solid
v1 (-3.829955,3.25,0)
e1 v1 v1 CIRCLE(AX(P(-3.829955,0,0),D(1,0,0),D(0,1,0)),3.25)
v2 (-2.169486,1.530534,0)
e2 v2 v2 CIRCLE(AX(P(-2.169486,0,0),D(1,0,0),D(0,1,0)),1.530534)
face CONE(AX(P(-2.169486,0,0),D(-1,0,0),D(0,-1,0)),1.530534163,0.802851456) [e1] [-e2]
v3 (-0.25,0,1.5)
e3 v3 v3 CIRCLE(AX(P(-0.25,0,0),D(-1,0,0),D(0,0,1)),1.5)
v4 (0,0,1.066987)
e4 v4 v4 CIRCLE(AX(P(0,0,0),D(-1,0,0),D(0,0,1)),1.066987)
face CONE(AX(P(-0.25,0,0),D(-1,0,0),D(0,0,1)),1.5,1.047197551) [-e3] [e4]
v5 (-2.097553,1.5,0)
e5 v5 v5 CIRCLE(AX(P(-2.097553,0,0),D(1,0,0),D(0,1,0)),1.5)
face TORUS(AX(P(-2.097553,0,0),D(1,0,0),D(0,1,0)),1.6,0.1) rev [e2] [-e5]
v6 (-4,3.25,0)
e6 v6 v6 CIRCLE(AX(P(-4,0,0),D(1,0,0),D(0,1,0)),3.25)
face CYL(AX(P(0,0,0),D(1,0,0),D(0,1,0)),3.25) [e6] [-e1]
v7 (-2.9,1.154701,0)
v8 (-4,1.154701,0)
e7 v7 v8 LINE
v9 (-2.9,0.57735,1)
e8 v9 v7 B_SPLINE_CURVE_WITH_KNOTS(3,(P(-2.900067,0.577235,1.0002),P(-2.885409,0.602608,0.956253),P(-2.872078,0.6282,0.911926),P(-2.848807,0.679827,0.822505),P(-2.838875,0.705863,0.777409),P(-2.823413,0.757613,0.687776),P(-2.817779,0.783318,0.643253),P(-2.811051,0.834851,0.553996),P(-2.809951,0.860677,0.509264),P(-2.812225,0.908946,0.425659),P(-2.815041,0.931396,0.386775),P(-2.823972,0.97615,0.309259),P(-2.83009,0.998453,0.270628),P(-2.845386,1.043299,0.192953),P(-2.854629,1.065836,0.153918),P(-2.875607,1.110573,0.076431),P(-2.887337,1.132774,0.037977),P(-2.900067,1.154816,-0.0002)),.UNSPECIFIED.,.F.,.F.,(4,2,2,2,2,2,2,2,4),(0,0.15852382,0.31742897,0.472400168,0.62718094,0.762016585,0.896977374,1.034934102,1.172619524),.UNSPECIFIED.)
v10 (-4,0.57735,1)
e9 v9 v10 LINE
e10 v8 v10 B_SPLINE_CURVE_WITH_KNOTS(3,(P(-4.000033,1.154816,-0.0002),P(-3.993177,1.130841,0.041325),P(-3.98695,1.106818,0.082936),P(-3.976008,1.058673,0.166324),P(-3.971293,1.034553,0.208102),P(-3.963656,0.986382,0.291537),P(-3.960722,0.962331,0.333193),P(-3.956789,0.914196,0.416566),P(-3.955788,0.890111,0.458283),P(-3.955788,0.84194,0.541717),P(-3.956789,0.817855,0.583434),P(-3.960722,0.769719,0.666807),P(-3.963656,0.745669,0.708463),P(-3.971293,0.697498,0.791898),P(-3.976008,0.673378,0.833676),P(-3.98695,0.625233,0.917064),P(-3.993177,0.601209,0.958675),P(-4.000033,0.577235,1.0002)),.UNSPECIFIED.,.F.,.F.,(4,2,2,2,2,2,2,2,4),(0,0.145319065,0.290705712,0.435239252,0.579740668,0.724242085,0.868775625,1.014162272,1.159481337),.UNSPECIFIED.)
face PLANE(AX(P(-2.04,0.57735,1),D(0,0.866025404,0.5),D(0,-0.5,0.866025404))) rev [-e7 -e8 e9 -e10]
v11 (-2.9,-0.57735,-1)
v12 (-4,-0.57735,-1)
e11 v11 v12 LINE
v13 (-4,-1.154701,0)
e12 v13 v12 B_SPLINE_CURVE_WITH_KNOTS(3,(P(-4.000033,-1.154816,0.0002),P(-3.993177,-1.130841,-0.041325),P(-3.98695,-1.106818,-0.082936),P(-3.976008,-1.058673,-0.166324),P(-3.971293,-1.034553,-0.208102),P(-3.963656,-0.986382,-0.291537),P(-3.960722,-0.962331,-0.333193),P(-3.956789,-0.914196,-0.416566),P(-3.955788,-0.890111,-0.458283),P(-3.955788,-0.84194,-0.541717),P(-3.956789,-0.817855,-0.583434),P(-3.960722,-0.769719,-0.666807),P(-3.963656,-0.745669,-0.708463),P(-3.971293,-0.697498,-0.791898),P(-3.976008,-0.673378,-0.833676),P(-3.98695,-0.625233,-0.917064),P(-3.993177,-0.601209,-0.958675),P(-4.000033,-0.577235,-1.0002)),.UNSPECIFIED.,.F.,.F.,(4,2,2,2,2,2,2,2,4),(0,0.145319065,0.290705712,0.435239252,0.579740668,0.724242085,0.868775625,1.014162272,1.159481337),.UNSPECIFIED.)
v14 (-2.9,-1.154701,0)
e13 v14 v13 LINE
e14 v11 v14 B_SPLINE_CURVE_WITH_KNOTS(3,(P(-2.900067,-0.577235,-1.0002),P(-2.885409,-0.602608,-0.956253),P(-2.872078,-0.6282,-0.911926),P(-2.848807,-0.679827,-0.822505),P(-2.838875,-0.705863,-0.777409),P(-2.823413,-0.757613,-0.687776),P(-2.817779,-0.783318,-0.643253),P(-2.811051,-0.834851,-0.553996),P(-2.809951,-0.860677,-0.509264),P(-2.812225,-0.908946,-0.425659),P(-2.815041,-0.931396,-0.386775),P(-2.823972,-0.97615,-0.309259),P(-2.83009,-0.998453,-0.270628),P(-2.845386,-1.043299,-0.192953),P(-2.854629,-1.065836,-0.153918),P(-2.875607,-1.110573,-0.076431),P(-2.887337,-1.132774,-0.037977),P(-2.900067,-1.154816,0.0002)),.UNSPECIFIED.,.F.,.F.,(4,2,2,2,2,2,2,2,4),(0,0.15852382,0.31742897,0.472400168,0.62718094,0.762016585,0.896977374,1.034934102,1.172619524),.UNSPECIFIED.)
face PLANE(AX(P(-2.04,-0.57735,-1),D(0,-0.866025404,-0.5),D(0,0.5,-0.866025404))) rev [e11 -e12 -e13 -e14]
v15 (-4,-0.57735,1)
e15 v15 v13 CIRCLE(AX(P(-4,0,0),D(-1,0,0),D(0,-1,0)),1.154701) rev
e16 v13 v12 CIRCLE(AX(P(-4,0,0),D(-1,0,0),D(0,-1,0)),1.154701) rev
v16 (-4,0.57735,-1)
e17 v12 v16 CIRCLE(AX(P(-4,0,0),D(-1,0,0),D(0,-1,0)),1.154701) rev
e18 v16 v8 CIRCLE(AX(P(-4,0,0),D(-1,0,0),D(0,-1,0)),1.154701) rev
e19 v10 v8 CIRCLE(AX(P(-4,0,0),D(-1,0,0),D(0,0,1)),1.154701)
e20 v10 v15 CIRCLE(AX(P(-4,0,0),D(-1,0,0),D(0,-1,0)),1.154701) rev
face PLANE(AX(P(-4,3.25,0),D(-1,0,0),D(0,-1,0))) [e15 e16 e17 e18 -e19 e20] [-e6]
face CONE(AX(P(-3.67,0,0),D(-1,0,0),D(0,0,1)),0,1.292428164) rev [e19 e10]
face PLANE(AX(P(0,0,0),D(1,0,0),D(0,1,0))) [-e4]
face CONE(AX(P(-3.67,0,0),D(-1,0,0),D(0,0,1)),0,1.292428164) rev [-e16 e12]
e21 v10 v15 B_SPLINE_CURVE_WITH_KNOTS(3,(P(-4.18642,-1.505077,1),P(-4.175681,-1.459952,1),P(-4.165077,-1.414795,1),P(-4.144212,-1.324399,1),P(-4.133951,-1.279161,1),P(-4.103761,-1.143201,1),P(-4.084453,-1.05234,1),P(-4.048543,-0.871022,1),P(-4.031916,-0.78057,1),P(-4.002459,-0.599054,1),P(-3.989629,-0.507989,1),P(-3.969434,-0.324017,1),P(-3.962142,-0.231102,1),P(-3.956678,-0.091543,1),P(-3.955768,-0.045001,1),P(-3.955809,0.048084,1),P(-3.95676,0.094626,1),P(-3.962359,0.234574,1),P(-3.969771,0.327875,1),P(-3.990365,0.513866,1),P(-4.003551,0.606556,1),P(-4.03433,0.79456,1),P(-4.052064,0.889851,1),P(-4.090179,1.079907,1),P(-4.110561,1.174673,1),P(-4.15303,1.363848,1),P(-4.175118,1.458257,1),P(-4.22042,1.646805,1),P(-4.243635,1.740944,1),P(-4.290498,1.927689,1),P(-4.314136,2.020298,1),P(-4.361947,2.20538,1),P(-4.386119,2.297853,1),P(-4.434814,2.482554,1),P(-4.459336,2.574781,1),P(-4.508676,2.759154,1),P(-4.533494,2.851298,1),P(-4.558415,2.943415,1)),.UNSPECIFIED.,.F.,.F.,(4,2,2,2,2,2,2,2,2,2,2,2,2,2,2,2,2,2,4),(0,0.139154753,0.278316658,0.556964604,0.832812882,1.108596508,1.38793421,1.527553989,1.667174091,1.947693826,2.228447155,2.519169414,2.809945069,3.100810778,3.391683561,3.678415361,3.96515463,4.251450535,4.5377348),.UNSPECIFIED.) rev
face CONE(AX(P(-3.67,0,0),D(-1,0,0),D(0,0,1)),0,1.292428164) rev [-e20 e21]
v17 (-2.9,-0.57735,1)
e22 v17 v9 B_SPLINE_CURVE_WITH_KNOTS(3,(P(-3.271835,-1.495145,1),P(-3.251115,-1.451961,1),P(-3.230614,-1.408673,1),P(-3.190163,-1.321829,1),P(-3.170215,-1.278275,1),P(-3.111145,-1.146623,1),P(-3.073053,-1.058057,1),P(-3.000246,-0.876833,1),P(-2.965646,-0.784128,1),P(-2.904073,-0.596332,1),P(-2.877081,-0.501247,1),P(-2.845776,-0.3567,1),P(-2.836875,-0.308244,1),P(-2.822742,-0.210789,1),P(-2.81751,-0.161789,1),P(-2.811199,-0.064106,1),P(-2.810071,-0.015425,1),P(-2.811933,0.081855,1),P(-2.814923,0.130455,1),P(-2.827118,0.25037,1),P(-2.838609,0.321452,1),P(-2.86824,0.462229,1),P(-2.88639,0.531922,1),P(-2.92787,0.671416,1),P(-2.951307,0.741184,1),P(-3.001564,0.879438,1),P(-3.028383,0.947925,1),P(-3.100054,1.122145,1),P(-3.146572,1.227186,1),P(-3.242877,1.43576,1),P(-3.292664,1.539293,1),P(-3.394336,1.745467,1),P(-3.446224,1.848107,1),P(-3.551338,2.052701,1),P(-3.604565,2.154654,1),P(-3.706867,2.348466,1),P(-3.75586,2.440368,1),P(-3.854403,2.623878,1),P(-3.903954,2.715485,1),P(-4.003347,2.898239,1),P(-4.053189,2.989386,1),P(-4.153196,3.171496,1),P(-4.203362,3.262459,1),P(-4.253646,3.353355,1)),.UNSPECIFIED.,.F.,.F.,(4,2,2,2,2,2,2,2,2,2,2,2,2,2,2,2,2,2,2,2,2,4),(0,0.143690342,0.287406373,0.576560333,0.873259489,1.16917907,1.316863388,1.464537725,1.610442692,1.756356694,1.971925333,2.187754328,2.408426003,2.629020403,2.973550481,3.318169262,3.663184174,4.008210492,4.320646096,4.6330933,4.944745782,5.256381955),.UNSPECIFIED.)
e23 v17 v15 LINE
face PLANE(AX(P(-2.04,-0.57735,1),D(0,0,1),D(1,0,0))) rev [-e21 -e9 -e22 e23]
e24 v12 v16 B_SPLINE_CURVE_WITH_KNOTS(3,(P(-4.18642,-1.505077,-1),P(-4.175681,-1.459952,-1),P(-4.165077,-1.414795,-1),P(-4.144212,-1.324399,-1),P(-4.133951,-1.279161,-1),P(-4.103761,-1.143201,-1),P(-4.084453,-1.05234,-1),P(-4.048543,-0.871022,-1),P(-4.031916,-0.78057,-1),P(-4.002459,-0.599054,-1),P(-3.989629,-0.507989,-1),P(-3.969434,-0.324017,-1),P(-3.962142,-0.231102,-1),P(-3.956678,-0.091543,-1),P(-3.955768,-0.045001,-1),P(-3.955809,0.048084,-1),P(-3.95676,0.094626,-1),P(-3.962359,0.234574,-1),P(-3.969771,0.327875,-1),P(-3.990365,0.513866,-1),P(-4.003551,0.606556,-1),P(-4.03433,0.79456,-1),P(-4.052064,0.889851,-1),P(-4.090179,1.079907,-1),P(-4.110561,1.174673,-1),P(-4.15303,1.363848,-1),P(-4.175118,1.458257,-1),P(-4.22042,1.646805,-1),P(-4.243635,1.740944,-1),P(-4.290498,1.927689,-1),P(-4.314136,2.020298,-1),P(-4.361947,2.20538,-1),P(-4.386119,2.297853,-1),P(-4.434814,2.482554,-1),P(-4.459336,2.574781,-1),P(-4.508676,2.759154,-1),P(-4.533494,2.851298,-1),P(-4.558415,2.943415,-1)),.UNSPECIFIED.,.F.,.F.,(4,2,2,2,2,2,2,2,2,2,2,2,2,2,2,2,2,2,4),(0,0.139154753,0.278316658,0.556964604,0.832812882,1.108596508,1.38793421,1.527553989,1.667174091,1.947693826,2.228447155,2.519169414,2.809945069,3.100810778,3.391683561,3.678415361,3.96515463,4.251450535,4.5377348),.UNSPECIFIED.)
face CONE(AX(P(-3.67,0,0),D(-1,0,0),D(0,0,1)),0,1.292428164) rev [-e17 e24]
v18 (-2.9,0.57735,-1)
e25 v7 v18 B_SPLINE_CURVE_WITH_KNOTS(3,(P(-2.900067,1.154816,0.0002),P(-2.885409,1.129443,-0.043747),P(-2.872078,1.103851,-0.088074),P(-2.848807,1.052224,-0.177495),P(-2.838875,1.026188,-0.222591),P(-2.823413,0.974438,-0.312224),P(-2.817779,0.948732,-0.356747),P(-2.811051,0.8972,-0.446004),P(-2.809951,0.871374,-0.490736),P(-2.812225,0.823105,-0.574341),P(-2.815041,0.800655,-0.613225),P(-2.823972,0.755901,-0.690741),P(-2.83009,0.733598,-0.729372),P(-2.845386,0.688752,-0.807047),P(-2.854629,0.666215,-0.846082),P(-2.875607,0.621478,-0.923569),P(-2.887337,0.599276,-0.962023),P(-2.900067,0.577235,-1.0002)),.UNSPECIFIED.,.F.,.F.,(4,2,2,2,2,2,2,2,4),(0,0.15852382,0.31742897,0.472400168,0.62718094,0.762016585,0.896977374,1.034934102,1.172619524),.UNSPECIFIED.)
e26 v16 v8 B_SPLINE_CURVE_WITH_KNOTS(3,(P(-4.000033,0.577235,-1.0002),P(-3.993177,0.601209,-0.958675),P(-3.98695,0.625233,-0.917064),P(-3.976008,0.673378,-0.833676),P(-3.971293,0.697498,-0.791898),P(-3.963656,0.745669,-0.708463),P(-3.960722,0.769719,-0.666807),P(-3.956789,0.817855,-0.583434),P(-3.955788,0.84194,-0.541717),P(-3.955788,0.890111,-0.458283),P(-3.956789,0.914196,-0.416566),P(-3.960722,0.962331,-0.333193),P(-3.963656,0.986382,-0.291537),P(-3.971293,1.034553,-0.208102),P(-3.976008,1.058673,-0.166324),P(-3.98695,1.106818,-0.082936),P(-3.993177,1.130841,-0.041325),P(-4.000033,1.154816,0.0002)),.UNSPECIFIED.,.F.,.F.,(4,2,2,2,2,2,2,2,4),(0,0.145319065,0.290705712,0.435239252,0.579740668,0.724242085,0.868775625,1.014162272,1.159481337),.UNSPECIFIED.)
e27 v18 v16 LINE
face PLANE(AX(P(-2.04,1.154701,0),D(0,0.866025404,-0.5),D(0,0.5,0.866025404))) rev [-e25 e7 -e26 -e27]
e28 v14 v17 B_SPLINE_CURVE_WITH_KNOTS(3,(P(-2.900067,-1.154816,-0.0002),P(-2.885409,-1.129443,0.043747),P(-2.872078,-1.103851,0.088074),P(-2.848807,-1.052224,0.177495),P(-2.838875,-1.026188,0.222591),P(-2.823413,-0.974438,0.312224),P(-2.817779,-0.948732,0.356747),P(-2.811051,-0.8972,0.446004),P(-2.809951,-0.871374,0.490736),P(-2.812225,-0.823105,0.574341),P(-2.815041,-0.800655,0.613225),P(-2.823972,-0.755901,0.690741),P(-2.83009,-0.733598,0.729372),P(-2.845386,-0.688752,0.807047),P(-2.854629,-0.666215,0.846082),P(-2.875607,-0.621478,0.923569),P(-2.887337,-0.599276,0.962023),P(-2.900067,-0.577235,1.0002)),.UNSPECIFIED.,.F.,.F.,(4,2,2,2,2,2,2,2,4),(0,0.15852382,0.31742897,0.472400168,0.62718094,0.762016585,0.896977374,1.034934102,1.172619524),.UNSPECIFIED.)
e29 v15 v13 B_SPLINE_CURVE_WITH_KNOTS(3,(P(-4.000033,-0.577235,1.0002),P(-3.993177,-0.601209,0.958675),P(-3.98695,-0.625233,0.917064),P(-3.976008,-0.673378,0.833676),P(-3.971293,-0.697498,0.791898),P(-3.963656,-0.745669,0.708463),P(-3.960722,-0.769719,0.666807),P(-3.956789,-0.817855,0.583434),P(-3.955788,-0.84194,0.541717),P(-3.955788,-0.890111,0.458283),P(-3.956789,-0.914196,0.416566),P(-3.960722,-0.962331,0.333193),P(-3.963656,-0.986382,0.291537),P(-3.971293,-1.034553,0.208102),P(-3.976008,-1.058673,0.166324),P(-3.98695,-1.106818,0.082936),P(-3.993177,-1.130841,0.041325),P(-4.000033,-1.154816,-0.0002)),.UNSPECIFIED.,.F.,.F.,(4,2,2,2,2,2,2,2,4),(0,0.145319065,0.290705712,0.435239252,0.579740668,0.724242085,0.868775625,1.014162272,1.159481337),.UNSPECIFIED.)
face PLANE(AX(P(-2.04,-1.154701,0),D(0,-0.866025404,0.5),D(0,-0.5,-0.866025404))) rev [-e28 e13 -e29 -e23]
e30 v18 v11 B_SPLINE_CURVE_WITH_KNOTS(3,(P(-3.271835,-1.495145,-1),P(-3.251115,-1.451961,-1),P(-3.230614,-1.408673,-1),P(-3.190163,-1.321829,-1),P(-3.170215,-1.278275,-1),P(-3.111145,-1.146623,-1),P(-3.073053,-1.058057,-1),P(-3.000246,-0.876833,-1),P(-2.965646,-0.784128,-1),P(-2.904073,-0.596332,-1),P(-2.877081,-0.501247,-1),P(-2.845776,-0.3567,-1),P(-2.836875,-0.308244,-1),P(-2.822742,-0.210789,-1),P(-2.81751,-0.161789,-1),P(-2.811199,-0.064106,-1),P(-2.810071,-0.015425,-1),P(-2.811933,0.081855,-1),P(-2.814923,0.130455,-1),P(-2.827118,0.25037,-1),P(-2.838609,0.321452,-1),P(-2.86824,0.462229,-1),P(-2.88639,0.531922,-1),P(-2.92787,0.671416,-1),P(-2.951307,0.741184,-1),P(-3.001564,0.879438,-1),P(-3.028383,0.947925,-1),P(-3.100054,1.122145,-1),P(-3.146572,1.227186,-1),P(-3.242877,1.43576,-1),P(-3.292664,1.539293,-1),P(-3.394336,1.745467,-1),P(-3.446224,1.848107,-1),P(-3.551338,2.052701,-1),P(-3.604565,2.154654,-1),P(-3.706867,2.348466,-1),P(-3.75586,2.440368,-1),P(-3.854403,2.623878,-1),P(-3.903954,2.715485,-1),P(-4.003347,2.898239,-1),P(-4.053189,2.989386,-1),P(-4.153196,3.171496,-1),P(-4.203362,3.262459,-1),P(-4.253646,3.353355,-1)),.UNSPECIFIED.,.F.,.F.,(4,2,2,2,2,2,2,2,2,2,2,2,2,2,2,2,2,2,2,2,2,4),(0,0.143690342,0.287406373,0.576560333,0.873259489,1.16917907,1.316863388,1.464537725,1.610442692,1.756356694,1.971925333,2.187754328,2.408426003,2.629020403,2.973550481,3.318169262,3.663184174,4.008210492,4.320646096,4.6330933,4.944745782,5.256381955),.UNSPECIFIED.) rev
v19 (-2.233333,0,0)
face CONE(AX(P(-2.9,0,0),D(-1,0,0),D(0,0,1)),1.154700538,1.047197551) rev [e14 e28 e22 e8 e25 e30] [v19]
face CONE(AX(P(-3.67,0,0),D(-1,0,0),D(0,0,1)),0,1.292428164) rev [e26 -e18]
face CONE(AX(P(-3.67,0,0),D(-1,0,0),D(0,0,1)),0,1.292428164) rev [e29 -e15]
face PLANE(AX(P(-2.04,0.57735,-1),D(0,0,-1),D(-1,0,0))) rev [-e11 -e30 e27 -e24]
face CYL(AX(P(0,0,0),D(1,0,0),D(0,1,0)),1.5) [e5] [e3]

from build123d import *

# Parameters (mm, degrees)
CUT_EXTRUDE_1_DEPTH = 1.96


with BuildPart() as part:
    # 草图1 → 旋转1 (revolve)
    with BuildSketch(Plane.XY):
        with BuildLine():
            Line((0, 1.5), (-2.097552518, 1.5))
            ThreePointArc((-2.097552518, 1.5), (-2.136625631, 1.507949515), (-2.169486498, 1.530534163))
            Line((-2.169486498, 1.530534163), (-3.829955356, 3.25))
            Line((-3.829955356, 3.25), (-4, 3.25))
            Line((-4, 3.25), (-4, 0))
            Line((-4, 0), (0, 0))
            Line((0, 0), (0, 1.5))
        make_face()
    revolve(axis=Axis((0, 0, 0), (-1, 0, 0)))

    # 草图2 → 切除-拉伸1 (cut)
    with BuildSketch(Plane.ZY.offset(4)):
        Polygon((0, 1.154700538), (-1, 0.577350269), (-1, -0.577350269), (0, -1.154700538), (1, -0.577350269), (1, 0.577350269), align=None)
    extrude(amount=-CUT_EXTRUDE_1_DEPTH, mode=Mode.SUBTRACT)

    # 草图6 → 旋转2 (revolve)
    with BuildSketch(Plane.XY):
        Polygon((-2.9, 1.154700538), (-2.233333333, 0), (-1.74, 0), (-1.74, 1.154700538), align=None)
    revolve(axis=Axis((-4, 0, 0), (1, 0, 0)))

    # 草图7 → 切除-旋转2 (revolve, cut)
    with BuildSketch(Plane.XY):
        Polygon((-4, 1.154700538), (-4, 0), (-3.67, 0), align=None)
    revolve(axis=Axis((-4, 0, 0), (1, 0, 0)), mode=Mode.SUBTRACT)

    # 草图4 → 切除-旋转1 (revolve, cut)
    with BuildSketch(Plane.XY):
        Polygon((-0.25, 1.5), (0, 1.066987298), (0.25, 1.5), align=None)
    revolve(axis=Axis((-0.25, 0, 0), (1, 0, 0)), mode=Mode.SUBTRACT)


solid = part.part
